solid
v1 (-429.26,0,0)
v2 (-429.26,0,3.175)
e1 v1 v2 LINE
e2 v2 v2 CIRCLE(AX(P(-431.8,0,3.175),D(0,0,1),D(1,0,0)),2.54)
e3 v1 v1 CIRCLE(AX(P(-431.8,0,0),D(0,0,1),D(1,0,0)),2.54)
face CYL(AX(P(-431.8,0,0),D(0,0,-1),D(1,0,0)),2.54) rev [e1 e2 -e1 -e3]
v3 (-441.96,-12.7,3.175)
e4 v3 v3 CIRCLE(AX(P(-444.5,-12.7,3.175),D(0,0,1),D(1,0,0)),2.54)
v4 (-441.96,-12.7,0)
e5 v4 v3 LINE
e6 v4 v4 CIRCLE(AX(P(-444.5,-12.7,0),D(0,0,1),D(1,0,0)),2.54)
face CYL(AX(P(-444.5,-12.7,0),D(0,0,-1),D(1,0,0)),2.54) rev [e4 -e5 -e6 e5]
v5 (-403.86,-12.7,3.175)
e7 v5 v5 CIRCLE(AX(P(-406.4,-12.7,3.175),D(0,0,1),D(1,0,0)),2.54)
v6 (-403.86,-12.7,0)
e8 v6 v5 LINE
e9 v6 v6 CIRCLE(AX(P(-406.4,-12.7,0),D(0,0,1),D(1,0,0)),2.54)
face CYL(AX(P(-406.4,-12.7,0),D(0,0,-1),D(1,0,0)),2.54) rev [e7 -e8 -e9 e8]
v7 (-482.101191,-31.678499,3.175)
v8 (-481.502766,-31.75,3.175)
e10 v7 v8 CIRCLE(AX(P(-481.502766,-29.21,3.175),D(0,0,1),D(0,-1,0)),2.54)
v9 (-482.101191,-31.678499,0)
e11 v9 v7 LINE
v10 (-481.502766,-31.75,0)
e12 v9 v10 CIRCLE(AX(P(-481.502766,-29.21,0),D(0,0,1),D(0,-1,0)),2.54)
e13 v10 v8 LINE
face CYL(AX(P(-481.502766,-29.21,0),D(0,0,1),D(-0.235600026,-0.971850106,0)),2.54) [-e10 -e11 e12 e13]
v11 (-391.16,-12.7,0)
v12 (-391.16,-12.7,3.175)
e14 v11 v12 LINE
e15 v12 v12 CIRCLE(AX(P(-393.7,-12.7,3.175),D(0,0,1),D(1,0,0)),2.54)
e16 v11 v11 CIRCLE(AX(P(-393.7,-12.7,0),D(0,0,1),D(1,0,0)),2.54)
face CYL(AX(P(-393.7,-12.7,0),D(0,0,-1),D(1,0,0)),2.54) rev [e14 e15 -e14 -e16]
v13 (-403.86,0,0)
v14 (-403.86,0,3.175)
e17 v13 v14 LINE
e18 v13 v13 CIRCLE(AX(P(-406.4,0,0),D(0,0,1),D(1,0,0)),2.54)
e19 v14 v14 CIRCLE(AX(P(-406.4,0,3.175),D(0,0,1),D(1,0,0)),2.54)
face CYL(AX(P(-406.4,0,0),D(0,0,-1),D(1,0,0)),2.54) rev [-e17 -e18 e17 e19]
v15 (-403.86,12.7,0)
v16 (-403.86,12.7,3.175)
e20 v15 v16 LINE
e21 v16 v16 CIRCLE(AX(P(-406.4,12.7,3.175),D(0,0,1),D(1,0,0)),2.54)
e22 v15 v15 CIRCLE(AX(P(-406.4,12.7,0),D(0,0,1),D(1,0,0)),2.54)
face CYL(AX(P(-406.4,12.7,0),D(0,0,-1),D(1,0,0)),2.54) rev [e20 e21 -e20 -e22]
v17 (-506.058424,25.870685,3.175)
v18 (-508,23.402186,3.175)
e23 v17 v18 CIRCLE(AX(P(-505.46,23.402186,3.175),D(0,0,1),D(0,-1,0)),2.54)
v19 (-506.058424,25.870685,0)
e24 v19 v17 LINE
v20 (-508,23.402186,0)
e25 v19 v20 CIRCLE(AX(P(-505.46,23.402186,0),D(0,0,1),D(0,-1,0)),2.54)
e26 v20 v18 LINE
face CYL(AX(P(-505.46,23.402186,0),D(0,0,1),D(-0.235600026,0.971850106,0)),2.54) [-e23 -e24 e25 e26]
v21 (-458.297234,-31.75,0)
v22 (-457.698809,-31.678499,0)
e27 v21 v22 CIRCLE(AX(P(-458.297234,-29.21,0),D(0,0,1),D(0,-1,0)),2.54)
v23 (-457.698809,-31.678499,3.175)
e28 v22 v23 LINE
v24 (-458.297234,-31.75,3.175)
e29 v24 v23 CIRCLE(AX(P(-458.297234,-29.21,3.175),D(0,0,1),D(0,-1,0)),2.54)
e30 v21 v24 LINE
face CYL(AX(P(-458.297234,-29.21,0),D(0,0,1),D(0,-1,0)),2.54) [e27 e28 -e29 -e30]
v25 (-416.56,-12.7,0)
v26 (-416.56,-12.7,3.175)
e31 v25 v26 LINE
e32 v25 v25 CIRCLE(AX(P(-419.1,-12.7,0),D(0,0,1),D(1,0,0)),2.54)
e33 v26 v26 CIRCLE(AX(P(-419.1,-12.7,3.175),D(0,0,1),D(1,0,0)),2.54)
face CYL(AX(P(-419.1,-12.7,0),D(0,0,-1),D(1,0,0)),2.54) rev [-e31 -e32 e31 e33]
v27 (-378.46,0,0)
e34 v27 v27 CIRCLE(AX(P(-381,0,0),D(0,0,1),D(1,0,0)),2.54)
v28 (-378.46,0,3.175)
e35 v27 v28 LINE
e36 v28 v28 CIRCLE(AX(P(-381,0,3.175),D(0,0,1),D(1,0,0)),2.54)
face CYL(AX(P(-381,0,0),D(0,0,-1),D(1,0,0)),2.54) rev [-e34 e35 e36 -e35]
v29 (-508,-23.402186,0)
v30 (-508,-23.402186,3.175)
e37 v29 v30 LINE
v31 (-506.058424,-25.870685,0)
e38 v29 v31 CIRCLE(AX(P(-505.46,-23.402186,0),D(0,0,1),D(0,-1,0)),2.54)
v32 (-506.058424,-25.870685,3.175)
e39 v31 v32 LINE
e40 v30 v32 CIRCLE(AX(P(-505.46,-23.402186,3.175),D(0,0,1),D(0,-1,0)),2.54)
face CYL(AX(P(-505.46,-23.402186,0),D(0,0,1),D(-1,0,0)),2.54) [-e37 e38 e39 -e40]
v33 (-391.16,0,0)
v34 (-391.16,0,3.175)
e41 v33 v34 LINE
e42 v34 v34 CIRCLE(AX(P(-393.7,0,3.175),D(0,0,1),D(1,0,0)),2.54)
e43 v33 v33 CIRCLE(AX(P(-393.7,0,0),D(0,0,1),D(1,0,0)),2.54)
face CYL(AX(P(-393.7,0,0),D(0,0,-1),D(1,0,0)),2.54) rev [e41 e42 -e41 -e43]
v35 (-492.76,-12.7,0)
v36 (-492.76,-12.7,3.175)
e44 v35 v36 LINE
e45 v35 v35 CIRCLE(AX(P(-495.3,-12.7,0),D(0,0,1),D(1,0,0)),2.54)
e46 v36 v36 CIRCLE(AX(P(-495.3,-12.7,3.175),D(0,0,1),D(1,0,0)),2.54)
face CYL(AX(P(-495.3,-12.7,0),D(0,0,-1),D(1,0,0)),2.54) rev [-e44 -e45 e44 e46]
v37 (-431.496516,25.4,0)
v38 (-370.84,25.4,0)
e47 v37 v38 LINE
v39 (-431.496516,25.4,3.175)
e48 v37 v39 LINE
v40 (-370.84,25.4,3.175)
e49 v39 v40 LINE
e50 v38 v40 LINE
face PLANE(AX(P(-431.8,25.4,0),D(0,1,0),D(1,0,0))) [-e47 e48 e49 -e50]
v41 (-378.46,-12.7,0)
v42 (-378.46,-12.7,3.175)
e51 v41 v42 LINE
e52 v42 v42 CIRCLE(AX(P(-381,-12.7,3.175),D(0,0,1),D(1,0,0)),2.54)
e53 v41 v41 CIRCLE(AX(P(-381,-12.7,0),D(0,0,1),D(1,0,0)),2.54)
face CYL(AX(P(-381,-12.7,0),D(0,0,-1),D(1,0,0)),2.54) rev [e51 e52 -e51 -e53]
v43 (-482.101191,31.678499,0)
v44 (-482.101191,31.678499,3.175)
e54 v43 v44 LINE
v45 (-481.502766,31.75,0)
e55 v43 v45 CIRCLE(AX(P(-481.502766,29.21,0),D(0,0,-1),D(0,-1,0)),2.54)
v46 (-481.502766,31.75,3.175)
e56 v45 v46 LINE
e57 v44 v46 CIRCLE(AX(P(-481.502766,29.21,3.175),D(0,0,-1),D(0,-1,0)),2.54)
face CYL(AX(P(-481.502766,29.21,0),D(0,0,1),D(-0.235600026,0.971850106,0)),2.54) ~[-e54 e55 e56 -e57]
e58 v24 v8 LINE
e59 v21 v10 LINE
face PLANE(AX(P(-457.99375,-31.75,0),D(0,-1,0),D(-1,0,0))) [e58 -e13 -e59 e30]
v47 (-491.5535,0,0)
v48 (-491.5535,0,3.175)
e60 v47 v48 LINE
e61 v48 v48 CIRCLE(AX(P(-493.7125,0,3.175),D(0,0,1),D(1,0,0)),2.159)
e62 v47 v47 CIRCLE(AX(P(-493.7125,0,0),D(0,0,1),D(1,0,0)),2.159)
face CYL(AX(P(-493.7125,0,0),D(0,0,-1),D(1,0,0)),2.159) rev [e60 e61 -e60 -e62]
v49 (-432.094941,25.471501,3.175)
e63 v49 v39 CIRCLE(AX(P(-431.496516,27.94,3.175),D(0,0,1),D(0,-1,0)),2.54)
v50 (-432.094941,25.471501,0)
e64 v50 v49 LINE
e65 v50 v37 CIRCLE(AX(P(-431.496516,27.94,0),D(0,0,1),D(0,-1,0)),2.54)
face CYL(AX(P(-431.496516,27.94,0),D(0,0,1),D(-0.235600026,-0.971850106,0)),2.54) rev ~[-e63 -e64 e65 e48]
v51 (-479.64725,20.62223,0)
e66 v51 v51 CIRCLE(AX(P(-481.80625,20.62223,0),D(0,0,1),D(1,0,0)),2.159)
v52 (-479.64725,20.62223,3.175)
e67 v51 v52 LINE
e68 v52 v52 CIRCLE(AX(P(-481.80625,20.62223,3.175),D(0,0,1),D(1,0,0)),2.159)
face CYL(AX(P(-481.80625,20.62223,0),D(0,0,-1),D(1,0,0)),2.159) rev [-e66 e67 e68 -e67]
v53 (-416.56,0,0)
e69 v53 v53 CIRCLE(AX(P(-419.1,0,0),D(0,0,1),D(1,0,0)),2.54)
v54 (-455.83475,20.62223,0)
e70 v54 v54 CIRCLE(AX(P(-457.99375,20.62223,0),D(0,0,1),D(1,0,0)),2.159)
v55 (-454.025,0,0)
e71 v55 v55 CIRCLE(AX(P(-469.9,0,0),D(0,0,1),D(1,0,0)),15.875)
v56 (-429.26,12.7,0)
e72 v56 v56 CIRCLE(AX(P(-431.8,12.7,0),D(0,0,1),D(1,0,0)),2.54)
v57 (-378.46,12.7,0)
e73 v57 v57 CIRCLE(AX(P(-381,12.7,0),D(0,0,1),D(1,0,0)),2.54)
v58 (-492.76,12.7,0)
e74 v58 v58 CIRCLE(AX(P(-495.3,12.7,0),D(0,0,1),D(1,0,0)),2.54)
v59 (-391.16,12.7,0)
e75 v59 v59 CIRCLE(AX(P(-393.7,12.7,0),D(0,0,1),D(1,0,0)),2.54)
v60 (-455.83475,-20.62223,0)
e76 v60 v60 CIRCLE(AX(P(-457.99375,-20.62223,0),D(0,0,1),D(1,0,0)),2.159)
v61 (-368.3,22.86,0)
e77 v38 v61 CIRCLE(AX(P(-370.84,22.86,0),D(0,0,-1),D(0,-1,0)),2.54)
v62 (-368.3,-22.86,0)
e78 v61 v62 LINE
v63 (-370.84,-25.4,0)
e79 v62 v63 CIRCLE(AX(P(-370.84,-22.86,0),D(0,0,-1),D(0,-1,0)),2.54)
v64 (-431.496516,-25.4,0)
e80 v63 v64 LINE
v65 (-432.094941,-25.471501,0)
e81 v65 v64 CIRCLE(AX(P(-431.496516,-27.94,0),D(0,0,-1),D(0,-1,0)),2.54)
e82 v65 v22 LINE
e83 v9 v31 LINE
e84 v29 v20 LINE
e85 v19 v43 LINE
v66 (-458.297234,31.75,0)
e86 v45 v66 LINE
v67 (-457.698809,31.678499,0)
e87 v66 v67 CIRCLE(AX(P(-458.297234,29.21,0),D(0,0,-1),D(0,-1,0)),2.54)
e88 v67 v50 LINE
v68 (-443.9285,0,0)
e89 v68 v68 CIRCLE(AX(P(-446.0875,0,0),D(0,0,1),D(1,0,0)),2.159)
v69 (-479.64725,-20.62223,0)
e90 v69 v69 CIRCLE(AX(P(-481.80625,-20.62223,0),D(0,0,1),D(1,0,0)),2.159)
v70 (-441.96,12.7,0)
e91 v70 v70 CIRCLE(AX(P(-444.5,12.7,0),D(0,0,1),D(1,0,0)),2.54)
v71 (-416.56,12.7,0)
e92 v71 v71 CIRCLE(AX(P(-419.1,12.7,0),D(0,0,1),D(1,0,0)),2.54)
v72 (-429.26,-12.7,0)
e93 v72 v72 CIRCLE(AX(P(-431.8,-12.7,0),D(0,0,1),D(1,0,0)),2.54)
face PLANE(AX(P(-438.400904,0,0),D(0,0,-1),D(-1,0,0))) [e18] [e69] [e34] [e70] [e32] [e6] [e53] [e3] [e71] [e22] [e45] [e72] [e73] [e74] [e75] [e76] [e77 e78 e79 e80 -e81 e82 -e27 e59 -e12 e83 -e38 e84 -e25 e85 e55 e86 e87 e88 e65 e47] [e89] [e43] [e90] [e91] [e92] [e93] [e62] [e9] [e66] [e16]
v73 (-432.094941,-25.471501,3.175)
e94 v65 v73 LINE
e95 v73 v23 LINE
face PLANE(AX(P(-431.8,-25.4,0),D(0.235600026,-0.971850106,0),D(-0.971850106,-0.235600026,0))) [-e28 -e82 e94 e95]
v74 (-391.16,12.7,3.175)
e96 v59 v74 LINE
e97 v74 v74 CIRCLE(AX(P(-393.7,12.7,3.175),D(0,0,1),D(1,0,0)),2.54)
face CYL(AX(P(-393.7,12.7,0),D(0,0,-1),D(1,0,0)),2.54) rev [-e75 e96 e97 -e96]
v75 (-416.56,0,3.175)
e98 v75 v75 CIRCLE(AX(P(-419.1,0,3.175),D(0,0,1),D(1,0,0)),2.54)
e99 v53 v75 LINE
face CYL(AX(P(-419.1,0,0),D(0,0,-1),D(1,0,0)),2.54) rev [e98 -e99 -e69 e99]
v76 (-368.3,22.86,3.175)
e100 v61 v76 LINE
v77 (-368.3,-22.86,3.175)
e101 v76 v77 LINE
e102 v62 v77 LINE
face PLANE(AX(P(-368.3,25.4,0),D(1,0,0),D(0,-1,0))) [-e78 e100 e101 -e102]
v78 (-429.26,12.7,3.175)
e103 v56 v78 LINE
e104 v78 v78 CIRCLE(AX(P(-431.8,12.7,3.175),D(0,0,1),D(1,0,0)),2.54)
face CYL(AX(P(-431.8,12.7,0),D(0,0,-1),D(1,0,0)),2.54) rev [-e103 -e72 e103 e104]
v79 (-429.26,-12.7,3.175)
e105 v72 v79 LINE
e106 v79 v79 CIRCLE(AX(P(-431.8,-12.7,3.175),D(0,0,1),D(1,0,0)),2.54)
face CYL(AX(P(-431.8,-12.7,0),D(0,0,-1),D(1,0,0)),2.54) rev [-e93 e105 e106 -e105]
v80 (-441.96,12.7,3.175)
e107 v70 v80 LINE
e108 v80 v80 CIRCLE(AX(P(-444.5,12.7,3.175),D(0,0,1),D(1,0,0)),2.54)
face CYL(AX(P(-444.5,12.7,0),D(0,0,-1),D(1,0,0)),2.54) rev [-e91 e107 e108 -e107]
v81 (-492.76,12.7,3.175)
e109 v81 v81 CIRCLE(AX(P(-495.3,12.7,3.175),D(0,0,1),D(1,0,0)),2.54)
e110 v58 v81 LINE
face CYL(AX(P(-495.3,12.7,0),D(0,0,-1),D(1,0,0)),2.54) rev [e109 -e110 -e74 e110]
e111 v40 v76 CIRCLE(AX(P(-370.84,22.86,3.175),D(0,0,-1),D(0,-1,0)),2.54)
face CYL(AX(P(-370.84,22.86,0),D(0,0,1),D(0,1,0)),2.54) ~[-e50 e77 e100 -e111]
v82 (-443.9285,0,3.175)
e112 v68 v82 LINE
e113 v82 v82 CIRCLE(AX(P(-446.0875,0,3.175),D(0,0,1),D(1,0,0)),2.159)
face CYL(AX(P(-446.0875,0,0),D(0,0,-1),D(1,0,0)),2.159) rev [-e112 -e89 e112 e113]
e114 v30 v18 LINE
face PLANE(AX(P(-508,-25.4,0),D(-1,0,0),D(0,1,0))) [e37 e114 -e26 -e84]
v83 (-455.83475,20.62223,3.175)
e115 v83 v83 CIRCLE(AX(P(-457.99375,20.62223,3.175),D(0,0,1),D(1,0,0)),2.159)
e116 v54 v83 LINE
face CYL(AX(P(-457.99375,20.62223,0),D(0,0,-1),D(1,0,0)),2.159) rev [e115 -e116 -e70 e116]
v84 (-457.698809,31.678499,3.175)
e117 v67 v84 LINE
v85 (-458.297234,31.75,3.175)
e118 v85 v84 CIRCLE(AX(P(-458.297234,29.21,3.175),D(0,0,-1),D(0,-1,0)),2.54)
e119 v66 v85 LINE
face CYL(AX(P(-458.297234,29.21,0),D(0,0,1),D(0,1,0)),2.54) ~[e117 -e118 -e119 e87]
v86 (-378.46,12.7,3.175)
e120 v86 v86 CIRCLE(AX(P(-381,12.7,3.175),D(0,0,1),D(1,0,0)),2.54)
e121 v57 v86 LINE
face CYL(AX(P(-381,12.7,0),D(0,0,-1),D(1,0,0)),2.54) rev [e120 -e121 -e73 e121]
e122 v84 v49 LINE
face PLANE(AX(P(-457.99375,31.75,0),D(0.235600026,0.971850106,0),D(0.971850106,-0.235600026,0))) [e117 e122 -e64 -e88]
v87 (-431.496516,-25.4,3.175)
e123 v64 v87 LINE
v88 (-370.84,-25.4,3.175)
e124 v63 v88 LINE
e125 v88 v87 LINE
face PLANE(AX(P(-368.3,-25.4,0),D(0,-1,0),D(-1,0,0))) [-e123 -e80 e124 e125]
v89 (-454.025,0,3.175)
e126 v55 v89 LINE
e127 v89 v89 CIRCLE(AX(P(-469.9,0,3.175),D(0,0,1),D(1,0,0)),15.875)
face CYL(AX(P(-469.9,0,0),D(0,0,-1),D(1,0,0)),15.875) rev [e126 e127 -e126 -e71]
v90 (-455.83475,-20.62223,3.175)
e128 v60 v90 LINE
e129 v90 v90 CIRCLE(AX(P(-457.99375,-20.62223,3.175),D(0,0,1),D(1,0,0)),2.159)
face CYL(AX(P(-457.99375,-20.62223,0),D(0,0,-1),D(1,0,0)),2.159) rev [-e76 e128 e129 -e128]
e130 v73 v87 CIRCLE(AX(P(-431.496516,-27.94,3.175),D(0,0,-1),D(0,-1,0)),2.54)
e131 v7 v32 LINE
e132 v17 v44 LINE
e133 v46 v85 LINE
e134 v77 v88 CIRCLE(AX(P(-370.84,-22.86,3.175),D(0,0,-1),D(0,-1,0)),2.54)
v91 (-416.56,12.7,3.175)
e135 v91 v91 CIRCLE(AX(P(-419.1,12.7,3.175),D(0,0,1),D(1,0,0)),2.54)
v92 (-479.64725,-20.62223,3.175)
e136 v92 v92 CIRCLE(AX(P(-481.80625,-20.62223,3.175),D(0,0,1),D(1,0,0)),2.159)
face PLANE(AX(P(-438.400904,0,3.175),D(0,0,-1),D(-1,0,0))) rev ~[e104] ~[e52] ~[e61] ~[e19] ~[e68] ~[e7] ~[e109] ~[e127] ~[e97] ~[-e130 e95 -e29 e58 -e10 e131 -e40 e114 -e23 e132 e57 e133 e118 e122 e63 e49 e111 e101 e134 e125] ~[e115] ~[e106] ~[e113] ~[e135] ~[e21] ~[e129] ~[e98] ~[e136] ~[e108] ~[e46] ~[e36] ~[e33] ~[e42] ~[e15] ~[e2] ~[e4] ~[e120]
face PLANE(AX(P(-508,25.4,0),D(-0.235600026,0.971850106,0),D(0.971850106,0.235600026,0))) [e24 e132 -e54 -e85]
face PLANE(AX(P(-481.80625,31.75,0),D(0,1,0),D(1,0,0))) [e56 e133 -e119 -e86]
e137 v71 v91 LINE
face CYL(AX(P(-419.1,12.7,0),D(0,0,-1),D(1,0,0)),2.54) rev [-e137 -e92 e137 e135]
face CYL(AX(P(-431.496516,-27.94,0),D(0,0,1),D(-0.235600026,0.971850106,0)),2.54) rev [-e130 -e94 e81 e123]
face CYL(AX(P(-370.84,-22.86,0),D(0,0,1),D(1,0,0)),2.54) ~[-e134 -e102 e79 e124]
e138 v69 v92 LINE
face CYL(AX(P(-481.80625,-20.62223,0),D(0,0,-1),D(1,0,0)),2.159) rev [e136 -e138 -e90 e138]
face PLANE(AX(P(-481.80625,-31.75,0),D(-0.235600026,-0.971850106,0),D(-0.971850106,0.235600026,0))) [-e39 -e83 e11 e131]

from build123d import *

# Parameters (mm, degrees)
SKETCH2_R           = 15.875
SKETCH2_R_2         = 2.159
SKETCH2_R_3         = 2.54
BOSS_EXTRUDE1_DEPTH = 3.175
FILLET1_R           = 2.54


with BuildPart() as part:
    # Sketch2 → Boss-Extrude1 (new body)
    with BuildSketch(Plane.XY):
        Polygon((-508, 25.4), (-481.80625, 31.75), (-457.99375, 31.75), (-431.8, 25.4), (-368.3, 25.4), (-368.3, -25.4), (-431.8, -25.4), (-457.99375, -31.75), (-481.80625, -31.75), (-508, -25.4), align=None)
        with Locations((-469.9, 0)):
            Circle(SKETCH2_R, mode=Mode.SUBTRACT)
        with Locations((-457.99375, 20.622229928)):
            Circle(SKETCH2_R_2, mode=Mode.SUBTRACT)
        with Locations((-481.80625, 20.622229928)):
            Circle(SKETCH2_R_2, mode=Mode.SUBTRACT)
        with Locations((-493.7125, 0)):
            Circle(SKETCH2_R_2, mode=Mode.SUBTRACT)
        with Locations((-481.80625, -20.622229928)):
            Circle(SKETCH2_R_2, mode=Mode.SUBTRACT)
        with Locations((-457.99375, -20.622229928)):
            Circle(SKETCH2_R_2, mode=Mode.SUBTRACT)
        with Locations((-446.0875, 0)):
            Circle(SKETCH2_R_2, mode=Mode.SUBTRACT)
        with Locations((-495.3, 12.7)):
            Circle(SKETCH2_R_3, mode=Mode.SUBTRACT)
        with Locations((-495.3, -12.7)):
            Circle(SKETCH2_R_3, mode=Mode.SUBTRACT)
        with Locations((-444.5, -12.7)):
            Circle(SKETCH2_R_3, mode=Mode.SUBTRACT)
        with Locations((-431.8, -12.7)):
            Circle(SKETCH2_R_3, mode=Mode.SUBTRACT)
        with Locations((-419.1, -12.7)):
            Circle(SKETCH2_R_3, mode=Mode.SUBTRACT)
        with Locations((-419.1, 0)):
            Circle(SKETCH2_R_3, mode=Mode.SUBTRACT)
        with Locations((-431.8, 0)):
            Circle(SKETCH2_R_3, mode=Mode.SUBTRACT)
        with Locations((-431.8, 12.7)):
            Circle(SKETCH2_R_3, mode=Mode.SUBTRACT)
        with Locations((-419.1, 12.7)):
            Circle(SKETCH2_R_3, mode=Mode.SUBTRACT)
        with Locations((-444.5, 12.7)):
            Circle(SKETCH2_R_3, mode=Mode.SUBTRACT)
        with Locations((-406.4, 12.7)):
            Circle(SKETCH2_R_3, mode=Mode.SUBTRACT)
        with Locations((-406.4, 0)):
            Circle(SKETCH2_R_3, mode=Mode.SUBTRACT)
        with Locations((-406.4, -12.7)):
            Circle(SKETCH2_R_3, mode=Mode.SUBTRACT)
        with Locations((-393.7, 12.7)):
            Circle(SKETCH2_R_3, mode=Mode.SUBTRACT)
        with Locations((-393.7, 0)):
            Circle(SKETCH2_R_3, mode=Mode.SUBTRACT)
        with Locations((-393.7, -12.7)):
            Circle(SKETCH2_R_3, mode=Mode.SUBTRACT)
        with Locations((-381, 12.7)):
            Circle(SKETCH2_R_3, mode=Mode.SUBTRACT)
        with Locations((-381, 0)):
            Circle(SKETCH2_R_3, mode=Mode.SUBTRACT)
        with Locations((-381, -12.7)):
            Circle(SKETCH2_R_3, mode=Mode.SUBTRACT)
    extrude(amount=BOSS_EXTRUDE1_DEPTH)

    # Fillet1
    fillet1_edges = [part.edges().sort_by_distance(p)[0] for p in [
        (-508, 25.4, 1.5875),
        (-481.80625, 31.75, 1.5875),
        (-457.99375, 31.75, 1.5875),
        (-431.8, 25.4, 1.5875),
        (-368.3, 25.4, 1.5875),
        (-368.3, -25.4, 1.5875),
        (-431.8, -25.4, 1.5875),
        (-457.99375, -31.75, 1.5875),
        (-481.80625, -31.75, 1.5875),
        (-508, -25.4, 1.5875),
    ]]
    fillet(fillet1_edges, radius=FILLET1_R)


solid = part.part
